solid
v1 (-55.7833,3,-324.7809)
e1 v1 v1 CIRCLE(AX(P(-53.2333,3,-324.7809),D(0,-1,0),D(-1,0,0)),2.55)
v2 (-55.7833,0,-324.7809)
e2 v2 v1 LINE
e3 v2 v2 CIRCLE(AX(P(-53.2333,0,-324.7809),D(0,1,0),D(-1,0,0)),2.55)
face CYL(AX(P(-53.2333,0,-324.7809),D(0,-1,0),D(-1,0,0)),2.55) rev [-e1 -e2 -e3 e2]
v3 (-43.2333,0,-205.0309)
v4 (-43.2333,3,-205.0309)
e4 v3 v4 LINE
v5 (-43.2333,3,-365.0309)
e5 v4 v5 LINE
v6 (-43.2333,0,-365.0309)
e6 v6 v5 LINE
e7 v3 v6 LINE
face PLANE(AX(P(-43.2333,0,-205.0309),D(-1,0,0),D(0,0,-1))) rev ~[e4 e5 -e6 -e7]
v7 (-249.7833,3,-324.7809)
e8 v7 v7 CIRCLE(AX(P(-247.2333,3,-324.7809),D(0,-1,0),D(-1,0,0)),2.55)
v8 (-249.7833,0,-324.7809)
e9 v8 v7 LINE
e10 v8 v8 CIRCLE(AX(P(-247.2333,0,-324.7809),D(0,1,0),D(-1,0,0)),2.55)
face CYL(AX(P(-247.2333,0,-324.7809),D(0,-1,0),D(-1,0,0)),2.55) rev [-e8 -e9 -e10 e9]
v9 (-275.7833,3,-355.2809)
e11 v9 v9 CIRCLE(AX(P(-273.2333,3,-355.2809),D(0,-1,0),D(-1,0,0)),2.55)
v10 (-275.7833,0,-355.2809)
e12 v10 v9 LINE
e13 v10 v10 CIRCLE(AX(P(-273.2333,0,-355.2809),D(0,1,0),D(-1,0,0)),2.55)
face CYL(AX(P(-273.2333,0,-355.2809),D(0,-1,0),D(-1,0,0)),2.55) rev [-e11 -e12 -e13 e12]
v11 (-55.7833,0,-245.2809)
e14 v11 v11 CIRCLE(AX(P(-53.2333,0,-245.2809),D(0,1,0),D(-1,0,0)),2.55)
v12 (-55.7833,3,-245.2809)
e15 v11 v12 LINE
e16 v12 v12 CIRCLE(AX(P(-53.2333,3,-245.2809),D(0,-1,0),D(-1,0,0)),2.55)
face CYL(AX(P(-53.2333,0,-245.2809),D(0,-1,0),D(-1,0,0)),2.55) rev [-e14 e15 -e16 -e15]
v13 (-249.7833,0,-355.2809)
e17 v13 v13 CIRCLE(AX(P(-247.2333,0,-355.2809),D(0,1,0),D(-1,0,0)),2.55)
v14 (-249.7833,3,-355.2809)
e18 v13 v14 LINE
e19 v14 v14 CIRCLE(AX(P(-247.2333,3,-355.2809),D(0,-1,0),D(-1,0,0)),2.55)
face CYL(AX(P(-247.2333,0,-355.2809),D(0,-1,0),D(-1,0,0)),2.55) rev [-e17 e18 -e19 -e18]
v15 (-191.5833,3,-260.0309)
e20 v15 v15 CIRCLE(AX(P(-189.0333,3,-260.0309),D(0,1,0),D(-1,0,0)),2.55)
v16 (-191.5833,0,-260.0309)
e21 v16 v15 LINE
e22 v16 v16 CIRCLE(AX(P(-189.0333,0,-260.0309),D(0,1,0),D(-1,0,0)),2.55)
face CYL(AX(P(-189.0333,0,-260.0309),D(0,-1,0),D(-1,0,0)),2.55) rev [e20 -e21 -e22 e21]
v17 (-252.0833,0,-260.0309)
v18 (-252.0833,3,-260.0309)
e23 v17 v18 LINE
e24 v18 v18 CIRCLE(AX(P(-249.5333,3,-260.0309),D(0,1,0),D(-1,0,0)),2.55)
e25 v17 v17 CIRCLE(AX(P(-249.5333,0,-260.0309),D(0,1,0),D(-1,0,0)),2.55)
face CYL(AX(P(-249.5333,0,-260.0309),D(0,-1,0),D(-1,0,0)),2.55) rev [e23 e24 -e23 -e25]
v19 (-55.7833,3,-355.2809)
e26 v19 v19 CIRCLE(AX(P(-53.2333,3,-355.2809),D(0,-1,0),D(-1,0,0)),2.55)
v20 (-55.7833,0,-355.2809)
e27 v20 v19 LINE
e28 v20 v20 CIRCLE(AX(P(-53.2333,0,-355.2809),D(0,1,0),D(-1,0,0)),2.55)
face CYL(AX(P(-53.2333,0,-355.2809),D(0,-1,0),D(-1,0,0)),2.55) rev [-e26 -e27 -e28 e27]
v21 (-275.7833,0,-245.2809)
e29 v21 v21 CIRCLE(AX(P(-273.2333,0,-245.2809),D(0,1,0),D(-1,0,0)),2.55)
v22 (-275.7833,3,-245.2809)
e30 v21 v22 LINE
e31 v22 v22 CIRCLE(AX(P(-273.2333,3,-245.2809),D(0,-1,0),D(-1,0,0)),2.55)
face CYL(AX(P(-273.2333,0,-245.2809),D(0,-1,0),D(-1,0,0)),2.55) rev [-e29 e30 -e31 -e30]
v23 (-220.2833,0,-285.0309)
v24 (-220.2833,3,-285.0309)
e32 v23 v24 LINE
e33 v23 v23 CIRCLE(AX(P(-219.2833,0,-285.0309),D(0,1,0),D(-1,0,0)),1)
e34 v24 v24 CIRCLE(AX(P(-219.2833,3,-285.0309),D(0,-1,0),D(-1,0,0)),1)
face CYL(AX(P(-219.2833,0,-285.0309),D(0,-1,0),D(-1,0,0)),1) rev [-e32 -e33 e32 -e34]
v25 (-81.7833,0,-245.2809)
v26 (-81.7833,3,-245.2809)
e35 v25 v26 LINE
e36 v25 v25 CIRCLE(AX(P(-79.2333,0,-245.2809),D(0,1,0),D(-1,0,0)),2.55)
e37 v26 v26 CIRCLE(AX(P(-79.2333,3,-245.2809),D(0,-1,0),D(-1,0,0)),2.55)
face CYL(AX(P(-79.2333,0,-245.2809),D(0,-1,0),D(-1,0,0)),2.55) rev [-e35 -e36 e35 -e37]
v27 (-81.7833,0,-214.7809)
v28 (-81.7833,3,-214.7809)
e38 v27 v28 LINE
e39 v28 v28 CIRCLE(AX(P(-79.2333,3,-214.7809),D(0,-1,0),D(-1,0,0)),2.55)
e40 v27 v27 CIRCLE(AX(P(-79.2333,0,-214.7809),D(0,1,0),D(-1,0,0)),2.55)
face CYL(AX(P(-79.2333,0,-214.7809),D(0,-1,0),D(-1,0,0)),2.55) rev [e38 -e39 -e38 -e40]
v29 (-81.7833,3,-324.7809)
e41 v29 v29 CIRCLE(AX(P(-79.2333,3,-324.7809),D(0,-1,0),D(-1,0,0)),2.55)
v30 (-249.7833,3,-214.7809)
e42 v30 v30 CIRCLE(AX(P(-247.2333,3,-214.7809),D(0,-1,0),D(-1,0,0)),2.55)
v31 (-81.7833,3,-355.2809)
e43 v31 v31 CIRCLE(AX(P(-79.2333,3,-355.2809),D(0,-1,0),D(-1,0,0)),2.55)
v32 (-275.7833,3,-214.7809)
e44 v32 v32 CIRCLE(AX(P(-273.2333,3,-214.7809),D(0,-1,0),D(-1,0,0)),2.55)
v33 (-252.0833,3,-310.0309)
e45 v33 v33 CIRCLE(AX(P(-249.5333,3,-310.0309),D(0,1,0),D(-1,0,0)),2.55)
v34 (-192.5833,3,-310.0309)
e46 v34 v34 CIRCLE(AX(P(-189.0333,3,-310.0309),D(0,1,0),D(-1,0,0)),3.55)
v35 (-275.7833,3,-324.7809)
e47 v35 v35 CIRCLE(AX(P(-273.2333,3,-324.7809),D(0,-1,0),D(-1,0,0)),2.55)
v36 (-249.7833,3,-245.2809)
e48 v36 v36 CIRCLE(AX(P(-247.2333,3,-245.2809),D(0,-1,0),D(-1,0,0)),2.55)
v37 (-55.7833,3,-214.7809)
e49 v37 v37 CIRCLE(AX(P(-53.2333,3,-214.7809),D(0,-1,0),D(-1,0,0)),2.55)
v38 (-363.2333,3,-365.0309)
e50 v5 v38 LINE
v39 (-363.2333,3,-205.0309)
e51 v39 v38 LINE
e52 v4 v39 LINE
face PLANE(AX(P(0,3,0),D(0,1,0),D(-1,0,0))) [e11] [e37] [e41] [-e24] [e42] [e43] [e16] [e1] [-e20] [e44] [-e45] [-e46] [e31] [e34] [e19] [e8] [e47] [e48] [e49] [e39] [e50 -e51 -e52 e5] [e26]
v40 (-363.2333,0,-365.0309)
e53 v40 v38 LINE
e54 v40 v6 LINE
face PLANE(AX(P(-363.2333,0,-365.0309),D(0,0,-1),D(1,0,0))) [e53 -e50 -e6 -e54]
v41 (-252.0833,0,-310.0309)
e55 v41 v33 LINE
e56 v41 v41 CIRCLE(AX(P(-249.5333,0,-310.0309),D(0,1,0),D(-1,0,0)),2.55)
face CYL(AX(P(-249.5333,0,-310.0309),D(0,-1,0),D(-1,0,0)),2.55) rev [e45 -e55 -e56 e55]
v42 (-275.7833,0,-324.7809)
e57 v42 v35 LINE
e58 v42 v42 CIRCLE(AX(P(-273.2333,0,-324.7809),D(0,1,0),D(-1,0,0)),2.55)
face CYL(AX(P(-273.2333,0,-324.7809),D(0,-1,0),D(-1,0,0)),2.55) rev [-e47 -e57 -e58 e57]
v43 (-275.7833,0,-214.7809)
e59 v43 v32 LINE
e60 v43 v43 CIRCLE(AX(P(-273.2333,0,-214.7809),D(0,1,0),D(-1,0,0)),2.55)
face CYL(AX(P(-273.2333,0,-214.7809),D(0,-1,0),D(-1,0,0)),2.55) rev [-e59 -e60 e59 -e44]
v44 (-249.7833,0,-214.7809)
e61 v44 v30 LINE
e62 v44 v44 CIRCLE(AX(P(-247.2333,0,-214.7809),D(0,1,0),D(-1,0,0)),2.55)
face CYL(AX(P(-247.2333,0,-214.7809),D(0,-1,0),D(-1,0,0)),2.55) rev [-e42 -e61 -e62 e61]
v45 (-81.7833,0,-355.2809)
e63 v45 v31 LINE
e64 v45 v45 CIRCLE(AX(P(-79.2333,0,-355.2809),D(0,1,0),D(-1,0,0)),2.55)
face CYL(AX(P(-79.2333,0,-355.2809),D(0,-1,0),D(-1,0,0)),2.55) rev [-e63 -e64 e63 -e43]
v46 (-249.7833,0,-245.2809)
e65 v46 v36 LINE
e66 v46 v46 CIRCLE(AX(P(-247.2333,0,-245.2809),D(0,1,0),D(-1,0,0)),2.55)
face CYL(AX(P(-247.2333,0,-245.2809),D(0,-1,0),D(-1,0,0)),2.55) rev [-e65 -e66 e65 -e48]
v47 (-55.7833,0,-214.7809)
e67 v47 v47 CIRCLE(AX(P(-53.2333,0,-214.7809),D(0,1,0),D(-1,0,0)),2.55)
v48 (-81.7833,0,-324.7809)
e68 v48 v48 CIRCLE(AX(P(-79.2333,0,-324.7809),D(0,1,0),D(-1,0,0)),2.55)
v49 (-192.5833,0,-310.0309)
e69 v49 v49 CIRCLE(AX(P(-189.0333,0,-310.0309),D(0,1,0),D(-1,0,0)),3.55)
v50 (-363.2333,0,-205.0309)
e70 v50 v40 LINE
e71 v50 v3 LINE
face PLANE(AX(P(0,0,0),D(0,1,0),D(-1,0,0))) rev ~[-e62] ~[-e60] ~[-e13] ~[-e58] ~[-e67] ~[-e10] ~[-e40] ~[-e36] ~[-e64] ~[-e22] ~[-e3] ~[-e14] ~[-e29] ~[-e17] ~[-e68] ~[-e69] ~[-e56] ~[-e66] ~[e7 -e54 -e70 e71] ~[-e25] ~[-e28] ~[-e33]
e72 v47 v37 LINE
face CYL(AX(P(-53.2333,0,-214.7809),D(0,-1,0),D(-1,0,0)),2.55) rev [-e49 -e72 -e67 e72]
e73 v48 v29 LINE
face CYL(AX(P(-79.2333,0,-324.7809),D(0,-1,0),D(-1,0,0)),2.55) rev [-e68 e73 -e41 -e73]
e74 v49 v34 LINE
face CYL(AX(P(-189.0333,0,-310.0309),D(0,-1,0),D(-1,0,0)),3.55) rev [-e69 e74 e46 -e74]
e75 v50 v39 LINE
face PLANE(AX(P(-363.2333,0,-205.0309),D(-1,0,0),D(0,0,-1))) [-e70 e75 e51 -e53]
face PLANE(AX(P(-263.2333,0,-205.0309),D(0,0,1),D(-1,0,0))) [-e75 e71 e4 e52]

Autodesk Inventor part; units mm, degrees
ref_plane "YZ Plane" through (0, 0, 0) normal (1, 0, 0) x (0, 1, 0)
ref_plane "XZ Plane" through (0, 0, 0) normal (0, 1, 0) x (-1, 0, 0)
ref_plane "XY Plane" through (0, 0, 0) normal (0, 0, 1) x (1, 0, 0)
sketch "Sketch1" plane through (0, 0, 0) normal (0, 1, 0) x (-1, 0, 0)
  line L0 (263.2333, -205.0309) -> (43.2333, -205.0309)
  line L1 (43.2333, -205.0309) -> (43.2333, -365.0309)
  line L2 (43.2333, -365.0309) -> (263.2333, -365.0309)
  line L3 (263.2333, -260.0309) -> (263.2333, -205.0309)
  line L4 (249.5333, -205.0309) -> (249.5333, -365.0309) construction
  line L5 (363.2333, -260.0309) -> (43.2333, -260.0309) construction
  line L6 (363.2333, -285.0309) -> (43.2333, -285.0309) construction
  line L7 (249.5333, -365.0309) -> (249.5333, -205.0309) construction
  line L8 (363.2333, -310.0309) -> (43.2333, -310.0309) construction
  line L9 (189.0333, -205.0309) -> (189.0333, -365.0309) construction
  circle A0 centre (249.5333, -260.0309) radius 2.55
  circle A1 centre (249.5333, -310.0309) radius 2.55
  circle A2 centre (189.0333, -260.0309) radius 2.55
  circle A3 centre (189.0333, -310.0309) radius 3.55
  line L10 (219.2833, -205.0309) -> (219.2833, -365.0309) construction
  circle A4 centre (219.2833, -285.0309) radius 1
  line L11 (263.2333, -205.0309) -> (363.2333, -205.0309)
  line L12 (363.2333, -205.0309) -> (363.2333, -365.0309)
  line L13 (363.2333, -365.0309) -> (263.2333, -365.0309)
  line L14 (363.2333, -230.0309) -> (43.2333, -230.0309) construction
  line L15 (363.2333, -340.0309) -> (43.2333, -340.0309) construction
  line L16 (363.2333, -214.7809) -> (270.7929, -214.7809) construction
  circle A5 centre (273.2333, -214.7809) radius 2.55
  line L17 (260.2333, -205.0309) -> (260.2333, -242.3907) construction
  circle A6 centre (273.2333, -245.2809) radius 2.55
  circle A7 centre (247.2333, -214.7809) radius 2.55
  circle A8 centre (247.2333, -245.2809) radius 2.55
  circle A9 centre (273.2333, -355.2809) radius 2.55
  circle A10 centre (273.2333, -324.7809) radius 2.55
  circle A11 centre (247.2333, -355.2809) radius 2.55
  circle A12 centre (247.2333, -324.7809) radius 2.55
  line L18 (163.2333, -205.0309) -> (163.2333, -365.0309) construction
  circle A13 centre (53.2333, -214.7809) radius 2.55
  circle A14 centre (53.2333, -245.2809) radius 2.55
  circle A15 centre (79.2333, -214.7809) radius 2.55
  circle A16 centre (79.2333, -245.2809) radius 2.55
  circle A17 centre (53.2333, -355.2809) radius 2.55
  circle A18 centre (53.2333, -324.7809) radius 2.55
  circle A19 centre (79.2333, -324.7809) radius 2.55
  circle A20 centre (79.2333, -355.2809) radius 2.55
  point P0 (0, 0)
  point P1 (263.2333, -310.0309)
  dimension "d2" = 13.7
  dimension "d4" = 60.5
  dimension "d5" = 5.1
  dimension "d6" = 5.1
  dimension "d7" = 5.1
  dimension "d8" = 7.1
  dimension "d11" = 2
  dimension "d15" = 50
  dimension "d17" = 100
  dimension "d18" = 25
  dimension "d19" = 15.25
  dimension "d20" = 5.1
  dimension "d21" = 13
  dimension "d22" = 90
  dimension "d23" = 160
  dimension "d24" = 110
  dimension "d27" = 320
extrude "Extrusion1" add sketch "Sketch1" along normal blind 3 contours L11 L12 L13 L2 L1 L0 | A4 | A5 | A6 | A7 | A8 | A9 | A10 | A11 | A12 | A13 | A14 | A15 | A16 | A17 | A18 | A19 | A20
sketch "Sketch2" plane through (0, 3, 0) normal (0, 1, 0) x (1, 0, 0)
  point P0 (0, 0)
extrude "Extrusion2" cut sketch "Sketch1" along normal through all contours A4
extrude "Extrusion3" cut sketch "Sketch1" along normal through all contours A5 | A6 | A7 | A8 | A9 | A10 | A11 | A12 | A13 | A14 | A15 | A16 | A17 | A18 | A19 | A20
properties part number "V Rail Gantry" material "Aluminum 6061"
